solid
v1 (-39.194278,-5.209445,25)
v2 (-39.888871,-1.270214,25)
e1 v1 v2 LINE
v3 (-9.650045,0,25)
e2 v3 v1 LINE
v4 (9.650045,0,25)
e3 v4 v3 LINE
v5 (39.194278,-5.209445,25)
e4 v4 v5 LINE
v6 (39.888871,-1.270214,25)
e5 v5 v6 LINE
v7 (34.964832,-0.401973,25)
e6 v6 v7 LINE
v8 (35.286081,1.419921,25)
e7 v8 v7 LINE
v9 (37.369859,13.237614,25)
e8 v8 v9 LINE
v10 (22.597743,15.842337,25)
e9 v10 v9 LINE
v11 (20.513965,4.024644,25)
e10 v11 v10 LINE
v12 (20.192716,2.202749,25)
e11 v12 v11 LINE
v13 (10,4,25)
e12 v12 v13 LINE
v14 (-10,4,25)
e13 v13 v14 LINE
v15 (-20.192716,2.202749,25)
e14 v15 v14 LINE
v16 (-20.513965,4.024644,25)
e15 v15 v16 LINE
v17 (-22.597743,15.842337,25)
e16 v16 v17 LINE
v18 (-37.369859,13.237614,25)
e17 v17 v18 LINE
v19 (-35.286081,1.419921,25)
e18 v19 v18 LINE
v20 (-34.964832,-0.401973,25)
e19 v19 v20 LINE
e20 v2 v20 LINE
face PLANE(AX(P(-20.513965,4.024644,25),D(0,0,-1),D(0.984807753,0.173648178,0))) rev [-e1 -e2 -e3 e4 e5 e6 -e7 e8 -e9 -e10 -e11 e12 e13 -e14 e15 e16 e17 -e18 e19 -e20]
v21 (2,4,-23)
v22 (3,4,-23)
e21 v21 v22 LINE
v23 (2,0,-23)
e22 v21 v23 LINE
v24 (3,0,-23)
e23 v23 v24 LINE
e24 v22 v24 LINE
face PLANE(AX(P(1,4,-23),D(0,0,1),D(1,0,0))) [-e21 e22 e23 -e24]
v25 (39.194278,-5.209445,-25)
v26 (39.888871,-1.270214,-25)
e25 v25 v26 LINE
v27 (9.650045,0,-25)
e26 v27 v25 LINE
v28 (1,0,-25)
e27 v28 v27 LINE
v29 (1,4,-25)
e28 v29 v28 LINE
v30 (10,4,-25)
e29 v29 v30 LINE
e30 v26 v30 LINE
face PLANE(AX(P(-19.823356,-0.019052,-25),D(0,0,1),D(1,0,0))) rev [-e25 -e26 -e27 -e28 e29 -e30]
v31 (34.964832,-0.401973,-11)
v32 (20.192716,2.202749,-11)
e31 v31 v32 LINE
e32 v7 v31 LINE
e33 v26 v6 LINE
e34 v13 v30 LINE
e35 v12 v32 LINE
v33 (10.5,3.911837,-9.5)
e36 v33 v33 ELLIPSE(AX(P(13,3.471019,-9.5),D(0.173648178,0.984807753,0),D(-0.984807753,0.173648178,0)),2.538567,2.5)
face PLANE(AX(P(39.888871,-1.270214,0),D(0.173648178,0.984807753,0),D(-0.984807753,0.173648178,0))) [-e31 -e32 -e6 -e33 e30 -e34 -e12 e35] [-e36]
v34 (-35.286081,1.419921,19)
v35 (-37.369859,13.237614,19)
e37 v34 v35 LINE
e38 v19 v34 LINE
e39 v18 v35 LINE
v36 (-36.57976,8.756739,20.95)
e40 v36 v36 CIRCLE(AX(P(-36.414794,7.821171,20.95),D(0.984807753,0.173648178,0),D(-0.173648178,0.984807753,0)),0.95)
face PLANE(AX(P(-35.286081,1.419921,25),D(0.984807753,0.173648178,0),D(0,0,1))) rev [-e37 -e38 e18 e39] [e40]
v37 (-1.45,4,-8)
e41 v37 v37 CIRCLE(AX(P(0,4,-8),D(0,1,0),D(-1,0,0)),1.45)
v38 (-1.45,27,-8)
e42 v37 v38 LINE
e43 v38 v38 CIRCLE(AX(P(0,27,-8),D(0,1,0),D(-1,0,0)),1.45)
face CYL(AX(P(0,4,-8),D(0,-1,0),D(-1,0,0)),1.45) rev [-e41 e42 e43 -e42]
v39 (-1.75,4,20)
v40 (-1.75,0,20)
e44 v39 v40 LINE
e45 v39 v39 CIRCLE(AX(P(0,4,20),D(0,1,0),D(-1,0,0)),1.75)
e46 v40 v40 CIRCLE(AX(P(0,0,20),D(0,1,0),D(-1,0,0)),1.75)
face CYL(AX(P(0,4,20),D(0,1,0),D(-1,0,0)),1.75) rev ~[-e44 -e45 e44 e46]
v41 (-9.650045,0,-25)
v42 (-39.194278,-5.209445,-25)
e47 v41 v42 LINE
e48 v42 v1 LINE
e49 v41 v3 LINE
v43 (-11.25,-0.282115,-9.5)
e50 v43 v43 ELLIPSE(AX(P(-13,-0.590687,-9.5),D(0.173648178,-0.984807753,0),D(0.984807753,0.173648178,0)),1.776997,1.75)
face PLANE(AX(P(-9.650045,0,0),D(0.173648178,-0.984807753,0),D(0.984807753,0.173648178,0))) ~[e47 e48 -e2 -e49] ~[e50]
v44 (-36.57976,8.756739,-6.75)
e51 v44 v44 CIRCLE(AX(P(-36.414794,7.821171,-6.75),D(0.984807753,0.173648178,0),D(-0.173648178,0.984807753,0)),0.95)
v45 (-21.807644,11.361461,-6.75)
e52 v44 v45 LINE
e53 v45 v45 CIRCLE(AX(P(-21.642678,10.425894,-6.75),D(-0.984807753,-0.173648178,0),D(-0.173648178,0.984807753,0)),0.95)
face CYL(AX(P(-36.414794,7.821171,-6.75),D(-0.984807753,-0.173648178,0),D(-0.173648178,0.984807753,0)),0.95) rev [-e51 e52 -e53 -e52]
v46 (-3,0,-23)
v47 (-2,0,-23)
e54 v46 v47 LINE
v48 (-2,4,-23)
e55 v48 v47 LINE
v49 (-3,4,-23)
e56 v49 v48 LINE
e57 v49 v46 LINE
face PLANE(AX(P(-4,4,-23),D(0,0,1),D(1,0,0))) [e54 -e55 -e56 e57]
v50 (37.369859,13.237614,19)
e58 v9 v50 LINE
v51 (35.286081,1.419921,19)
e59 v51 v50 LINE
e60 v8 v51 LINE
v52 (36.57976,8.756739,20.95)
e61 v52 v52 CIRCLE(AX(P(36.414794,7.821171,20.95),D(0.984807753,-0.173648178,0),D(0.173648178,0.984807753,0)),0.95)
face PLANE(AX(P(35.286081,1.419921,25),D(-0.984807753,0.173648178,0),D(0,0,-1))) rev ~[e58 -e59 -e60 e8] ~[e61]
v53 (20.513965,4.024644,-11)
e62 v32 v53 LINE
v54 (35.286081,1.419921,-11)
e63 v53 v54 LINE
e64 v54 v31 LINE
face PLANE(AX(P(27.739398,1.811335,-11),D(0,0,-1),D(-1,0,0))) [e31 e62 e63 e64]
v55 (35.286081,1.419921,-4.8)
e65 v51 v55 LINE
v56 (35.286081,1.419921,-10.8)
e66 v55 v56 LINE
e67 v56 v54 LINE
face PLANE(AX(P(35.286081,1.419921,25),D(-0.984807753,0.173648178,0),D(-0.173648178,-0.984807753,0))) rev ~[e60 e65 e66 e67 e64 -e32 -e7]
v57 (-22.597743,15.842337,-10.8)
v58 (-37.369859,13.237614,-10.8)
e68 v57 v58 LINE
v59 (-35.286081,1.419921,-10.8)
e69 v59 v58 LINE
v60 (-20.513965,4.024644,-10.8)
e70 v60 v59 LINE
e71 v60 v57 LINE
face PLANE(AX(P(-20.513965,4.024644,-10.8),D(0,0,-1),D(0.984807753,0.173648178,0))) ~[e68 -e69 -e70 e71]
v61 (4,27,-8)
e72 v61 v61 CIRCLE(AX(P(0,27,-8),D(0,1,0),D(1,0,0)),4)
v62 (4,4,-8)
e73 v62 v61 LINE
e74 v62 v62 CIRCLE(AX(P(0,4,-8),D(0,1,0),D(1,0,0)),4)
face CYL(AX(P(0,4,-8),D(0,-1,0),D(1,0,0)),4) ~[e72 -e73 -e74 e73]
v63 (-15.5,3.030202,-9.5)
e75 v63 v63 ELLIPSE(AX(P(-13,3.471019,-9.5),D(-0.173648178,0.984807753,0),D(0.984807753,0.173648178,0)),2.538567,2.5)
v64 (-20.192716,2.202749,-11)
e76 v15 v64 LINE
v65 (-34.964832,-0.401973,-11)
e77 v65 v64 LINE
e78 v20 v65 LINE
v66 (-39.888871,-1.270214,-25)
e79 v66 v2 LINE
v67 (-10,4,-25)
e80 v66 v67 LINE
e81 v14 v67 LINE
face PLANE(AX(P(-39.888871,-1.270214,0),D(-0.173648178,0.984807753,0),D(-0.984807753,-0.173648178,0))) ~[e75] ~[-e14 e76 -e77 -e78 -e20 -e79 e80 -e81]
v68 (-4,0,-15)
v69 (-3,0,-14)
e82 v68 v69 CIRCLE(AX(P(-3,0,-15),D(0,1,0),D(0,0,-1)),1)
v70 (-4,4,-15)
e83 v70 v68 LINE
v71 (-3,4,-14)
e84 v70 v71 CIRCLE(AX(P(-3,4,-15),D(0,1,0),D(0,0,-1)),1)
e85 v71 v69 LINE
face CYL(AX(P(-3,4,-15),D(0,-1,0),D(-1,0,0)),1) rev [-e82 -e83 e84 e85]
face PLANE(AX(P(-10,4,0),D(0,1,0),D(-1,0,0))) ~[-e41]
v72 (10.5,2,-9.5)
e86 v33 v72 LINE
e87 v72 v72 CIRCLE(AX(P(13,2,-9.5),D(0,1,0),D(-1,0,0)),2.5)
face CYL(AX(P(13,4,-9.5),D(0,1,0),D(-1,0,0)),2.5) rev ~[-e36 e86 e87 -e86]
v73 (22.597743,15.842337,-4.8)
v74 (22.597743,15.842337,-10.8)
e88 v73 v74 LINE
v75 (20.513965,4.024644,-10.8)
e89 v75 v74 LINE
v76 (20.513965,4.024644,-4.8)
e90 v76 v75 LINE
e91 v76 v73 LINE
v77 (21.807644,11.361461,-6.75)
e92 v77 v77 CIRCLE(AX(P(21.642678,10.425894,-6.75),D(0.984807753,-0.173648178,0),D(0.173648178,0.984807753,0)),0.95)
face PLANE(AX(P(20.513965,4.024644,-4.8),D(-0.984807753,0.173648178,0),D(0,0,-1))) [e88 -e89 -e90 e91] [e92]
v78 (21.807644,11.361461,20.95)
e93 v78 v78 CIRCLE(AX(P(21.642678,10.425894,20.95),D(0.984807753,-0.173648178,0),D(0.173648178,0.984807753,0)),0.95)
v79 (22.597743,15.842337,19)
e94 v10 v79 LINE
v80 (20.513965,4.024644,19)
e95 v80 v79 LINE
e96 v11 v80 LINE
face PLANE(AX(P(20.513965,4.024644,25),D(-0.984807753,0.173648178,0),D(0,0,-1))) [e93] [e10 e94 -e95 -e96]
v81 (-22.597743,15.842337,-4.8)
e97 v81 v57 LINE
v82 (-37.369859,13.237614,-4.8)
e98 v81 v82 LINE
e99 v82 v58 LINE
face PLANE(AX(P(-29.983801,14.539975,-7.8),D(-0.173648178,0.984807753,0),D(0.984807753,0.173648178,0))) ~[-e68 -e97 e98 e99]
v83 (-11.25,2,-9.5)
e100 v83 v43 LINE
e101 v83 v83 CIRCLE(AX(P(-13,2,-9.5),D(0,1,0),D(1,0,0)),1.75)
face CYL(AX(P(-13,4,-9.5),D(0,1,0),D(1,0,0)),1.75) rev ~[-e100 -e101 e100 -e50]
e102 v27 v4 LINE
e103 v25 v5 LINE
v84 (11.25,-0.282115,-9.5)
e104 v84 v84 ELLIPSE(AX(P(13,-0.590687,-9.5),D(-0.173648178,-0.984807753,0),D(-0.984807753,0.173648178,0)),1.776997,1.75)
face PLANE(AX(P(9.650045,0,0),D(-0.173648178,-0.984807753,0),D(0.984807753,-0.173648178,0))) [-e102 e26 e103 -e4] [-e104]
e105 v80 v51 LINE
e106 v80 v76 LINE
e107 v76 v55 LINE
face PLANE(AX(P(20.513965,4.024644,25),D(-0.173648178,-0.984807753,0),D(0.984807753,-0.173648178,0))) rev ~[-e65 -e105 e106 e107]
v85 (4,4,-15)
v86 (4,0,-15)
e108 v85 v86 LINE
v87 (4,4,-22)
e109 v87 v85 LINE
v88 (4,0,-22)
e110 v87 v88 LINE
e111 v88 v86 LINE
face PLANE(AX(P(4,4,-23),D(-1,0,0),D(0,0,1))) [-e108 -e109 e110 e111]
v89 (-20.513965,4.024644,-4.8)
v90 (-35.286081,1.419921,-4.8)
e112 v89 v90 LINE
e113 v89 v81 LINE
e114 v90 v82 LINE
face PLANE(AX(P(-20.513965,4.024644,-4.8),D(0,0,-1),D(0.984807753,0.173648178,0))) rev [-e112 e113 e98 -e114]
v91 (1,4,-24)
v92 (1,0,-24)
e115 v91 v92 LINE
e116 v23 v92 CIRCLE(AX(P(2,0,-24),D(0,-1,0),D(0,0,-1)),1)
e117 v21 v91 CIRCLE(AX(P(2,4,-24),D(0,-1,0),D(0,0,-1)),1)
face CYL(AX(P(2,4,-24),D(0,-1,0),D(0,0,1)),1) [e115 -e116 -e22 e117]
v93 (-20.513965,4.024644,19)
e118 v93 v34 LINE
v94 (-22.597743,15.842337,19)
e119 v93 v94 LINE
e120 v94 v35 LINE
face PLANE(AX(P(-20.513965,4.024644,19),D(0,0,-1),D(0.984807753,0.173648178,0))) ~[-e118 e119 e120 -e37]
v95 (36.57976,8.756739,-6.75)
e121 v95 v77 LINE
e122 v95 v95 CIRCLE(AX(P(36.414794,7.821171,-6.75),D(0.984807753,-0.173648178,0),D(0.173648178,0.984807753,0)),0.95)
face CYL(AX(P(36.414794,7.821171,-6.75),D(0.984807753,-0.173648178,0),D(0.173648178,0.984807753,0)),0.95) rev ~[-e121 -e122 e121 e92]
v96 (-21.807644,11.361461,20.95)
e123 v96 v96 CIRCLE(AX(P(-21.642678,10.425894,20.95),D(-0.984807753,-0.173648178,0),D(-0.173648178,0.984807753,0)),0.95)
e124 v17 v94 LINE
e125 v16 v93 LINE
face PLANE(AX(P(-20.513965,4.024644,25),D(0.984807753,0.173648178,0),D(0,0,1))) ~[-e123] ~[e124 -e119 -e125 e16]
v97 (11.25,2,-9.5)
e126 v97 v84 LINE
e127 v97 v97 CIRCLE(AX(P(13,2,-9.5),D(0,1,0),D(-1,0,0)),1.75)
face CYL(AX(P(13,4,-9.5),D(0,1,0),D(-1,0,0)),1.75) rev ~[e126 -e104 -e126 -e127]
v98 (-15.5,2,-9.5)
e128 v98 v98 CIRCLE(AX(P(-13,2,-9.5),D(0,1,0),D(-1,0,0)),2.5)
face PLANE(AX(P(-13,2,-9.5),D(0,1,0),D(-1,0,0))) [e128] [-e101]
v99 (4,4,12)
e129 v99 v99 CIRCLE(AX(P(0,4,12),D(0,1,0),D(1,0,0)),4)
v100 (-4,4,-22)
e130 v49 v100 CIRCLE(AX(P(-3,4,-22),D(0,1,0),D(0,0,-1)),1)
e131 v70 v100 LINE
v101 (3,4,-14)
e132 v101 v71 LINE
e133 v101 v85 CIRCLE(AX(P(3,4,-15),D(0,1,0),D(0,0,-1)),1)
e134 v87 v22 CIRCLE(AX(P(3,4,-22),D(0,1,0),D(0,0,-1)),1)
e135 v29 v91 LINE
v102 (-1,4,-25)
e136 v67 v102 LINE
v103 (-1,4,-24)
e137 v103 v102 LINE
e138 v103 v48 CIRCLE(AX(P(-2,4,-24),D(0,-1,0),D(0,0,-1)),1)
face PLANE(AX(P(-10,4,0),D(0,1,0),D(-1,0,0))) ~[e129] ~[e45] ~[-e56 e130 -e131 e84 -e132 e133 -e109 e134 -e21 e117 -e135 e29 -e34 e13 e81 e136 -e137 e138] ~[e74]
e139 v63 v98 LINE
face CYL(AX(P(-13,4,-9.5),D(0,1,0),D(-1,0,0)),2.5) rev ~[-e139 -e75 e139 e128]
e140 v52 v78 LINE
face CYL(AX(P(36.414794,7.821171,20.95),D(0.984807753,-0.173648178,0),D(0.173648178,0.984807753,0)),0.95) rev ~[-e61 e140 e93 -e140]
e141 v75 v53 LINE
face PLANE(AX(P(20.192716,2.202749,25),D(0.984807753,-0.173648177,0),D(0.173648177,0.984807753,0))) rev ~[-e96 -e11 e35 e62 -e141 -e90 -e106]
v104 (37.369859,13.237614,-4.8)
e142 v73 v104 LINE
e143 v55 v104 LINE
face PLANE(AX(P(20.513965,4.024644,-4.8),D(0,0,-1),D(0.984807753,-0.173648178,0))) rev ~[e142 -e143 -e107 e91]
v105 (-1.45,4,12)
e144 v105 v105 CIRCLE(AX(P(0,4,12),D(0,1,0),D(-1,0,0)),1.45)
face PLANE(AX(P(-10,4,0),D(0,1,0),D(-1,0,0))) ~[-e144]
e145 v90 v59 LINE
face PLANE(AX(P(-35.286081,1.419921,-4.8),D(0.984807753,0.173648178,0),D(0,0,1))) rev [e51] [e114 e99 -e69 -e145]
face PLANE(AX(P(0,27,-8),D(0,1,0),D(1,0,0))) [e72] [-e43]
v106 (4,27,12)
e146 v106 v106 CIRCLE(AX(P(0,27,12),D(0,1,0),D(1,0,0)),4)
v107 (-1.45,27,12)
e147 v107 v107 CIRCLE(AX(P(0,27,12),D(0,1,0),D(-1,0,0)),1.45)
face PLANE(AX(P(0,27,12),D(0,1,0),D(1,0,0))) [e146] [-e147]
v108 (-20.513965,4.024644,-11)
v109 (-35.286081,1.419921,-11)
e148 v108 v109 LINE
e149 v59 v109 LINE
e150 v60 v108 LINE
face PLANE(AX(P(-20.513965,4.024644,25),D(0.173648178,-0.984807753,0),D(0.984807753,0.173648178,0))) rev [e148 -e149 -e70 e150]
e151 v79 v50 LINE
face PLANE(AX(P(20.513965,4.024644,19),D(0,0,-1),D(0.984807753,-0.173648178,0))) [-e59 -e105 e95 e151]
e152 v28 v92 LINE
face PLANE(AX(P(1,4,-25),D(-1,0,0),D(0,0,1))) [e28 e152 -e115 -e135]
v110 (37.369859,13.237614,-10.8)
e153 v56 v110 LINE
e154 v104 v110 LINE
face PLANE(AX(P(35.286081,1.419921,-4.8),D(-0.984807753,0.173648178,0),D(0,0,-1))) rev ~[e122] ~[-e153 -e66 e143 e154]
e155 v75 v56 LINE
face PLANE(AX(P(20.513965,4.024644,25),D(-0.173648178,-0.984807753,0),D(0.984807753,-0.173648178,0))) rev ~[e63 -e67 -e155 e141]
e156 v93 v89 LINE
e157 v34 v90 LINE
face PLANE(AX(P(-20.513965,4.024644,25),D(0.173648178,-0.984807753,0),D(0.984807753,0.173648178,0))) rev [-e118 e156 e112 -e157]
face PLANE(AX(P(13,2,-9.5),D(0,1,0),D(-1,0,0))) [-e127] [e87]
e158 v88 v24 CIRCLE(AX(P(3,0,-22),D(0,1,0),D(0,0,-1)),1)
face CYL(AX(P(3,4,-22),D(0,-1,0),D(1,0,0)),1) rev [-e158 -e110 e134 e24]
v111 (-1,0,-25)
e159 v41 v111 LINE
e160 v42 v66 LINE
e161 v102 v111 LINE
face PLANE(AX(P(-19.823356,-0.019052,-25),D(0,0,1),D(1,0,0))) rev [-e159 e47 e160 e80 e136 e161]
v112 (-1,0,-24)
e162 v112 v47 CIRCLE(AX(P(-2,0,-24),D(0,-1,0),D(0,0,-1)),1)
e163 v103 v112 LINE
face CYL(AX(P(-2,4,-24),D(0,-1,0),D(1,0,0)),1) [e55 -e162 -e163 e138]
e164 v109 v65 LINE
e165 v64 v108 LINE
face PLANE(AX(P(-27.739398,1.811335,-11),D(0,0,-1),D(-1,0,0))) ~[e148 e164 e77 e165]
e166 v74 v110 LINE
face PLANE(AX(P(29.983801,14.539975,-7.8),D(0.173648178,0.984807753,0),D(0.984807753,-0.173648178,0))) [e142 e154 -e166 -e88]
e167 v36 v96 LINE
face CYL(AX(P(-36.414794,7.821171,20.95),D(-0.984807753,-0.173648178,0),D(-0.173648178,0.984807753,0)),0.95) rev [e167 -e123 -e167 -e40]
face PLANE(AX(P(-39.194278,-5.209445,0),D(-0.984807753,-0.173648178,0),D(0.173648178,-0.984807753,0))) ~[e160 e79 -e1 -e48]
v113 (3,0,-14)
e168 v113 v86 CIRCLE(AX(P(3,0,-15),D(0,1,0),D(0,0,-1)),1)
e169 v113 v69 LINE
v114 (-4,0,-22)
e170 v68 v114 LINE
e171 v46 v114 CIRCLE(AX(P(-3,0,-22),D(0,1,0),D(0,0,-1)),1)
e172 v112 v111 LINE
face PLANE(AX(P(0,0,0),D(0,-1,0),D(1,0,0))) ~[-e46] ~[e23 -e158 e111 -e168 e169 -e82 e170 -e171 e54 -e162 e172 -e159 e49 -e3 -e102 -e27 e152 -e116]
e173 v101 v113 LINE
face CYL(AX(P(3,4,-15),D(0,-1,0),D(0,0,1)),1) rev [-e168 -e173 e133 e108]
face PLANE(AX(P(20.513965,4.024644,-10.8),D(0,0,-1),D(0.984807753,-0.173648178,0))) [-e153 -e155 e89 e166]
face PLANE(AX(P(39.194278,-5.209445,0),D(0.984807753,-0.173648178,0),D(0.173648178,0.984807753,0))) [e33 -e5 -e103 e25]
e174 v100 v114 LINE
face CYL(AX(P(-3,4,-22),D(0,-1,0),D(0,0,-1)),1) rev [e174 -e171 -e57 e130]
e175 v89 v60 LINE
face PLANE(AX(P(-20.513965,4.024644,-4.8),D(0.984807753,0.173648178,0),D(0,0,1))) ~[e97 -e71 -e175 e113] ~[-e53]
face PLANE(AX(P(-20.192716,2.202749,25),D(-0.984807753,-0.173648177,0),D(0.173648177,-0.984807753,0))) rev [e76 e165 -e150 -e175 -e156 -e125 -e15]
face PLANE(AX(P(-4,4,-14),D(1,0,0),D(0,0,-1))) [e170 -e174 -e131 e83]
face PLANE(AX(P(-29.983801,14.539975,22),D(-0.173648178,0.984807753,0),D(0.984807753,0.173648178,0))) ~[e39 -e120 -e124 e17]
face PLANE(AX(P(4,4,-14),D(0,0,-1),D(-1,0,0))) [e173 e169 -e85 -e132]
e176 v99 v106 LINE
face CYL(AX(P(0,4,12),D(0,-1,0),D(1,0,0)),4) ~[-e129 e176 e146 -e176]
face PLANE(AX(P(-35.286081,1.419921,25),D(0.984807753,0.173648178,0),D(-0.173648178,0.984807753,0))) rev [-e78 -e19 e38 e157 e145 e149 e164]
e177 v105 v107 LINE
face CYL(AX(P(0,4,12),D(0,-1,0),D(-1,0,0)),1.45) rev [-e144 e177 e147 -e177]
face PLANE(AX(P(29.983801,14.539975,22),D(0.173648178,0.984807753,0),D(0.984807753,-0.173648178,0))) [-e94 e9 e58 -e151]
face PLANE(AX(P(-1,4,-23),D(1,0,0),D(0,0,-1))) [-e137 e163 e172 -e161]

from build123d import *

# Parameters (mm, degrees)
EXTRUDE_1_DEPTH     = 25
EXTRUDE_2_DEPTH     = 36
SKETCH_3_W          = 15
SKETCH_3_H          = 6
EXTRUDE_3_DEPTH     = 12
SKETCH_4_R          = 0.95
CUT_EXTRUDE_1_DEPTH = 21
SKETCH_5_R          = 4
SKETCH_5_R_2        = 1.45
EXTRUDE_4_DEPTH     = 23
SKETCH_6_R          = 1.75
CUT_EXTRUDE_2_DEPTH = 20
SKETCH_7_R          = 2.5
CUT_EXTRUDE_3_DEPTH = 2
CUT_EXTRUDE_4_DEPTH = 53.393911874
FILLET_4_R          = 1


with BuildPart() as part:
    # 草图1 → 凸台-拉伸1 (new, symmetric)
    with BuildSketch(Plane.XY):
        Polygon((0, 0), (9.650045346, 0), (39.194277936, -5.20944533), (39.888870647, -1.270214318), (10, 4), (0, 4), align=None)
    extrude_1 = extrude(amount=EXTRUDE_1_DEPTH, both=True)

    # 草图2 → 凸台-拉伸2 (add)
    with BuildSketch(Plane.XY.offset(25)):
        Polygon((20.192715587, 2.202749235), (20.513964715, 4.024643578), (35.286081011, 1.419920913), (34.964831882, -0.40197343), align=None)
    extrude_2 = extrude(amount=-EXTRUDE_2_DEPTH)

    # 草图3 → 凸台-拉伸3 (add)
    with BuildSketch(Plane(origin=(1.306826311, 7.411380301, 0), x_dir=(0.9848077530122079, -0.1736481776669312, 0), z_dir=(0.1736481776669312, 0.9848077530122079, 0))):
        with Locations((27.003439474, -22)):
            Rectangle(SKETCH_3_W, SKETCH_3_H)
        with Locations((27.003439474, 7.8)):
            Rectangle(SKETCH_3_W, SKETCH_3_H)
    extrude_3 = extrude(amount=EXTRUDE_3_DEPTH)

    # 草图4 → 切除-拉伸1 (cut)
    with BuildSketch(Plane(origin=(33.979254699, -5.991459388, 0), x_dir=(0, 0, -1), z_dir=(0.9848077530122081, -0.17364817766693072, 0))):
        with Locations(Location((-20.95, 14.025712789, 0), (0, 0, 90))):
            Circle(SKETCH_4_R)
        with Locations(Location((6.75, 14.025712789, 0), (0, 0, 90))):
            Circle(SKETCH_4_R)
    cut_extrude_1 = extrude(amount=-CUT_EXTRUDE_1_DEPTH, mode=Mode.SUBTRACT)

    # 镜向1: 凸台-拉伸1, 凸台-拉伸2, 凸台-拉伸3, 切除-拉伸1 across plane
    add(extrude_1.mirror(Plane(origin=(0, 0, 0), x_dir=(0, 0, 1), z_dir=(1, 0, 0))))
    add(extrude_2.mirror(Plane(origin=(0, 0, 0), x_dir=(0, 0, 1), z_dir=(1, 0, 0))))
    add(extrude_3.mirror(Plane(origin=(0, 0, 0), x_dir=(0, 0, 1), z_dir=(1, 0, 0))))
    add(cut_extrude_1.mirror(Plane(origin=(0, 0, 0), x_dir=(0, 0, 1), z_dir=(1, 0, 0))), mode=Mode.SUBTRACT)

    # 草图5 → 凸台-拉伸4 (add)
    # profile 1 of 2: a face of its own
    with BuildSketch(Plane(origin=(0, 4, 0), x_dir=(1, 0, 0), z_dir=(0, 1, 0))):
        with Locations((0, -12)):
            Circle(SKETCH_5_R)
        with Locations(Location((0, -12, 0), (0, 0, 180))):
            Circle(SKETCH_5_R_2, mode=Mode.SUBTRACT)
    # profile 2 of 2: a face of its own
    with BuildSketch(Plane(origin=(0, 4, 0), x_dir=(1, 0, 0), z_dir=(0, 1, 0))):
        with Locations((0, 8)):
            Circle(SKETCH_5_R)
        with Locations(Location((0, 8, 0), (0, 0, 180))):
            Circle(SKETCH_5_R_2, mode=Mode.SUBTRACT)
    extrude(amount=EXTRUDE_4_DEPTH)

    # 草图6 → 切除-拉伸2 (cut)
    with BuildSketch(Plane(origin=(0, 4, 0), x_dir=(1, 0, 0), z_dir=(0, 1, 0))):
        with Locations(Location((0, -20, 0), (0, 0, 180))):
            Circle(SKETCH_6_R)
        with Locations((-13, 9.5)):
            Circle(SKETCH_6_R)
        with Locations(Location((13, 9.5, 0), (0, 0, 180))):
            Circle(SKETCH_6_R)
    extrude(amount=-CUT_EXTRUDE_2_DEPTH, mode=Mode.SUBTRACT)

    # 草图7 → 切除-拉伸3 (cut)
    with BuildSketch(Plane(origin=(0, 4, 0), x_dir=(1, 0, 0), z_dir=(0, 1, 0))):
        with Locations(Location((-13, 9.5, 0), (0, 0, 180))):
            Circle(SKETCH_7_R)
        with Locations(Location((13, 9.5, 0), (0, 0, 180))):
            Circle(SKETCH_7_R)
    extrude(amount=-CUT_EXTRUDE_3_DEPTH, mode=Mode.SUBTRACT)

    # 草图8 → 切除-拉伸4 (cut, through all)
    with BuildSketch(Plane(origin=(0, 4, 0), x_dir=(1, 0, 0), z_dir=(0, 1, 0))):
        Polygon((-4, 23), (-1, 23), (-1, 25), (1, 25), (1, 23), (4, 23), (4, 14), (-4, 14), align=None)
    extrude(amount=-CUT_EXTRUDE_4_DEPTH, mode=Mode.SUBTRACT)

    # 圆角4
    fillet_4_edges = [part.edges().sort_by_distance(p)[0] for p in [
        (4, 2, -23),
        (4, 2, -14),
        (-4, 2, -14),
        (-4, 2, -23),
        (1, 2, -23),
        (-1, 2, -23),
    ]]
    fillet(fillet_4_edges, radius=FILLET_4_R)


solid = part.part
